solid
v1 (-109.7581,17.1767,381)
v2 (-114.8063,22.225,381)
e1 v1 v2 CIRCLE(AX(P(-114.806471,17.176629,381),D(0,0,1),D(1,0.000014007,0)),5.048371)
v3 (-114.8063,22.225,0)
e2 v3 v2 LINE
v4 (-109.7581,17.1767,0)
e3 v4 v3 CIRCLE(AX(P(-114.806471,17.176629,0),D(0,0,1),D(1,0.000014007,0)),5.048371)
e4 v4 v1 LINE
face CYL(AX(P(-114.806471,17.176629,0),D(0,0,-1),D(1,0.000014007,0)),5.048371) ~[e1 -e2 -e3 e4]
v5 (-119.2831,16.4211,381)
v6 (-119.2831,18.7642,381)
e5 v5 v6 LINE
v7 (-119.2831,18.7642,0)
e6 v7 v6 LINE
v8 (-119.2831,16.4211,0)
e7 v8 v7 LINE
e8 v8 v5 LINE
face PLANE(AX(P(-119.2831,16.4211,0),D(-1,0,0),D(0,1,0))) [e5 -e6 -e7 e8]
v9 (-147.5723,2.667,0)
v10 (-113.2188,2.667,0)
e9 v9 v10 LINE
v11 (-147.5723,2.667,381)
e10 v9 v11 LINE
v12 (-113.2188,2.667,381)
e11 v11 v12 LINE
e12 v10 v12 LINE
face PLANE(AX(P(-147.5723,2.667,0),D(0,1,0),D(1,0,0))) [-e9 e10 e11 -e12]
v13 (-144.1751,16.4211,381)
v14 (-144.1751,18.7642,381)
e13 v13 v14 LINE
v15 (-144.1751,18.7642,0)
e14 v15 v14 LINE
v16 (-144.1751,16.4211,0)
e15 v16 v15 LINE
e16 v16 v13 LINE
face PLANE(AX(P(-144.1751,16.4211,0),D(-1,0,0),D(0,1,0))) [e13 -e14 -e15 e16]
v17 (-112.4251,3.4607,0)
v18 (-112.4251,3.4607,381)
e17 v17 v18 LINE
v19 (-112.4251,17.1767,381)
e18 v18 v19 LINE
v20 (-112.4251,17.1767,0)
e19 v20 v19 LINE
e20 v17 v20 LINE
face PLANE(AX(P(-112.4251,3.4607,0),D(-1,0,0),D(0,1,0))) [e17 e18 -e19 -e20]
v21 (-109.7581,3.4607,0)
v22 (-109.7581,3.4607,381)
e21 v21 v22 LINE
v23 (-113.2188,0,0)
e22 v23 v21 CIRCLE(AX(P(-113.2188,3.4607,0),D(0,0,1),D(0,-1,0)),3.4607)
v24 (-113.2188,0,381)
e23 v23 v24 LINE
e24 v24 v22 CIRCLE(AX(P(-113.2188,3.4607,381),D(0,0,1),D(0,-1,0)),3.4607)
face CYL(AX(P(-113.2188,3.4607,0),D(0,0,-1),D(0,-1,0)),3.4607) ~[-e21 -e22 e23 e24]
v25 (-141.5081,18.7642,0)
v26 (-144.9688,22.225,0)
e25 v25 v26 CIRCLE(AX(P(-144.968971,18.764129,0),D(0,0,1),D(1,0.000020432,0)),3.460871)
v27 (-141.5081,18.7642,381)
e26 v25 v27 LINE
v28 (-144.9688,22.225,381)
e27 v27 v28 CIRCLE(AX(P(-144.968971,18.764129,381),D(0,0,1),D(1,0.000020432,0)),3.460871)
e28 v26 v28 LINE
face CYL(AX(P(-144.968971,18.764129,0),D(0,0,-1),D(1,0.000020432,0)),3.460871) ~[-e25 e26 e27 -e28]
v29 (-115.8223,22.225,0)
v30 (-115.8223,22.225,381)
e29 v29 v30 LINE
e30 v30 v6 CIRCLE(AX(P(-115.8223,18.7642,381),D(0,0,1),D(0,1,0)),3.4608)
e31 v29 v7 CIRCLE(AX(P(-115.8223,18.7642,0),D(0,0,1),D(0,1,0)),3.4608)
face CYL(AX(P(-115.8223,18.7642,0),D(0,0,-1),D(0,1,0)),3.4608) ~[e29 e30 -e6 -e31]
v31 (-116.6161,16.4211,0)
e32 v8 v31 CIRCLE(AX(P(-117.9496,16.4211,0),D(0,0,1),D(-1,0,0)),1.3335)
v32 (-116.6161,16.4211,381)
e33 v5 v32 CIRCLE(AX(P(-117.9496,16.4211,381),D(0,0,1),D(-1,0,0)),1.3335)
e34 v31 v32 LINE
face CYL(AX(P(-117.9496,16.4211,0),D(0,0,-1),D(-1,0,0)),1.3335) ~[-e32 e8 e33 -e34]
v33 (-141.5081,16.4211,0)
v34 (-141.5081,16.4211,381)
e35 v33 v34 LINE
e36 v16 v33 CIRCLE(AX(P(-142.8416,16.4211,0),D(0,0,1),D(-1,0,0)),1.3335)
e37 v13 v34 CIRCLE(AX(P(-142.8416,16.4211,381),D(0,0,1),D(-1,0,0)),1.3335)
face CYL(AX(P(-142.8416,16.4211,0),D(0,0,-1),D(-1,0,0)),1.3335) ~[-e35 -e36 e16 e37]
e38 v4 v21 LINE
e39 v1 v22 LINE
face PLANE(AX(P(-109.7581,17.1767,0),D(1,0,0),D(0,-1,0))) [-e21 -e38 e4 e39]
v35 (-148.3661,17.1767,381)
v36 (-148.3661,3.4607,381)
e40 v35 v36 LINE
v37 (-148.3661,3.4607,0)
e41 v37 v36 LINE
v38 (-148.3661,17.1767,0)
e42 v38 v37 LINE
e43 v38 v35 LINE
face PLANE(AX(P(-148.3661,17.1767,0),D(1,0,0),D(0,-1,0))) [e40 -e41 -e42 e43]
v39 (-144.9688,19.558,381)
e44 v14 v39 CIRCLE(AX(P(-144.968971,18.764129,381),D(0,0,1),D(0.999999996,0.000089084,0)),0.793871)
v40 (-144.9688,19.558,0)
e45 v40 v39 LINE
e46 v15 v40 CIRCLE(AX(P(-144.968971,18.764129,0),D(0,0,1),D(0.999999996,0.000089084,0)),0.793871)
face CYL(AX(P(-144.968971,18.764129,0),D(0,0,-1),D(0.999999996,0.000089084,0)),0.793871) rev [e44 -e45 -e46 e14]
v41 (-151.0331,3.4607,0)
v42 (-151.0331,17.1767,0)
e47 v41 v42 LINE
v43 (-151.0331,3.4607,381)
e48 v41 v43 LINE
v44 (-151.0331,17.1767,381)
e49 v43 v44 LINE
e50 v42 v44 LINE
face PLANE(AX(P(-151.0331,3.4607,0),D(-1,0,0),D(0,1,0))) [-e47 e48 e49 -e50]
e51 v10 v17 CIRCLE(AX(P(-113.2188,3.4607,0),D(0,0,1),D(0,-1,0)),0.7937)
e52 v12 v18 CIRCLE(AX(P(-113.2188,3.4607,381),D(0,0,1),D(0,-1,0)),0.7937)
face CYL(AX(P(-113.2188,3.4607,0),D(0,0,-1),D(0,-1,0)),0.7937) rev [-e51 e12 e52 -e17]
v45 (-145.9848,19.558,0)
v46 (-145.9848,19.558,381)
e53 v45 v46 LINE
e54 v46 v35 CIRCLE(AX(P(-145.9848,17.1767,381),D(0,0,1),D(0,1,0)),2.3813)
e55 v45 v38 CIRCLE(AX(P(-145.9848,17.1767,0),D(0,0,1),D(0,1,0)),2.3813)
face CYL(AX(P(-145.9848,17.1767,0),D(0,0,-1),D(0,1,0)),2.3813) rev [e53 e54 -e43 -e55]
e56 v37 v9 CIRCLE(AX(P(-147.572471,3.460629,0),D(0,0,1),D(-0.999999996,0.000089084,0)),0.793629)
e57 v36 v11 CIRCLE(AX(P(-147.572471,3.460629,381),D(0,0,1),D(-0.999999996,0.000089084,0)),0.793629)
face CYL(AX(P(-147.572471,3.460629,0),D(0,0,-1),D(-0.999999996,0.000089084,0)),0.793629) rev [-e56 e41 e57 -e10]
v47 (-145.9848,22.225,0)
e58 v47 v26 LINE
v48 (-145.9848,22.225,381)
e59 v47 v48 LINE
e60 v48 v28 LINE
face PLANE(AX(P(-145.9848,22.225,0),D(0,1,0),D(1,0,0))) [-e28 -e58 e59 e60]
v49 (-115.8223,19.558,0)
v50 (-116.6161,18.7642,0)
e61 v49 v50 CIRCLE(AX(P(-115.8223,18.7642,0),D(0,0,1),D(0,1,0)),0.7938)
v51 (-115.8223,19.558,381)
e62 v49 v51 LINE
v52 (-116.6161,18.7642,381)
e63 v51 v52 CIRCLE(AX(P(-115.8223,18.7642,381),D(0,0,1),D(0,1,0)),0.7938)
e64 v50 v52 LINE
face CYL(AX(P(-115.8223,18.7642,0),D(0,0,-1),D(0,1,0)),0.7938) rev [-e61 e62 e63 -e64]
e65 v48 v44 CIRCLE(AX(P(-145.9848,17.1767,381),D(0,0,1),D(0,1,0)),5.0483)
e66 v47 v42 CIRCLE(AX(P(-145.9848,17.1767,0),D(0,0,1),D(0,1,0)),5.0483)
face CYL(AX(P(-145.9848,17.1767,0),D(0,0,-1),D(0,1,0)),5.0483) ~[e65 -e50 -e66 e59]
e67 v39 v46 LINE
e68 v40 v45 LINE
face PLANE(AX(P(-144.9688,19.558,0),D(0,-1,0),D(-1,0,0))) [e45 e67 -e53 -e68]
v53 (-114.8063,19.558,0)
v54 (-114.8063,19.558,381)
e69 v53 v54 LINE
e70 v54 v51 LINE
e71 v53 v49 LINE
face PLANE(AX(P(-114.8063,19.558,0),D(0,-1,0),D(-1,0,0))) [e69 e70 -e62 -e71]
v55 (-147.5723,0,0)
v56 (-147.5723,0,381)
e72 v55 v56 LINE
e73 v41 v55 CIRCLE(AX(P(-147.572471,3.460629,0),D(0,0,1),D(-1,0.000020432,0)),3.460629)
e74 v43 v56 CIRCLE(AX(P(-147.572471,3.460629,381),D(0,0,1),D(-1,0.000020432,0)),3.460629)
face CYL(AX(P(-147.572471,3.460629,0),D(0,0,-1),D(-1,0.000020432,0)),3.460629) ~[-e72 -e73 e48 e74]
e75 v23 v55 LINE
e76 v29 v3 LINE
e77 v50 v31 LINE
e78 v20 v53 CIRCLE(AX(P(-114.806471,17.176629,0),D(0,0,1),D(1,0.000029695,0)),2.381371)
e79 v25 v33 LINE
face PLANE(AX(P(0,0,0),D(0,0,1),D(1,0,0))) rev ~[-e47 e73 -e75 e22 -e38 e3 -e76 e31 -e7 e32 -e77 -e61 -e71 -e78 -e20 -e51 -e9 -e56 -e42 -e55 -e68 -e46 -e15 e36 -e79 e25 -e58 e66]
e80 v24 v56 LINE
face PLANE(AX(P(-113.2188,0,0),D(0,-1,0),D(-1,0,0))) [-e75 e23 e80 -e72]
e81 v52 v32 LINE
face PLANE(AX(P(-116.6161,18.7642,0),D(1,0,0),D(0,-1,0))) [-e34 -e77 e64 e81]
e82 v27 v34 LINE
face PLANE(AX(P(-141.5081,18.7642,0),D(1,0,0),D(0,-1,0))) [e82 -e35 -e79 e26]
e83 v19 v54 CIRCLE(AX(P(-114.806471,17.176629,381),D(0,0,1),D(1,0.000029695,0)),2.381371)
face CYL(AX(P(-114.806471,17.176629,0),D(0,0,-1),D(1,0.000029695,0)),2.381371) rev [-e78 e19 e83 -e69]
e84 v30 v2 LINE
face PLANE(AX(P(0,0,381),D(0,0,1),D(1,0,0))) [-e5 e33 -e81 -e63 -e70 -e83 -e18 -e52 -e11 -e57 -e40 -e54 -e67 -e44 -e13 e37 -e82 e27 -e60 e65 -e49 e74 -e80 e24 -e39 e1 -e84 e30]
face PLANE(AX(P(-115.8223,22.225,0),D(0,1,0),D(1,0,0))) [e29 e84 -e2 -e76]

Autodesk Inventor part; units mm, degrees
ref_plane "YZ Plane" through (0, 0, 0) normal (1, 0, 0) x (0, 1, 0)
ref_plane "XZ Plane" through (0, 0, 0) normal (0, 1, 0) x (-1, 0, 0)
ref_plane "Work Plane1" through (0, 0, 0) normal (0, 0, 1) x (1, 0, 0)
sketch "Sketch1" plane through (0, 0, 0) normal (0, 0, 1) x (1, 0, 0)
  arc A0 (-113.2188, 0) -> (-109.7581, 3.4607) centre (-113.2188, 3.4607) ccw projected
  line L0 (-109.7581, 17.1767) -> (-109.7581, 3.4607) projected
  arc A1 (-109.7581, 17.1767) -> (-114.8063, 22.225) centre (-114.8063, 17.1767) ccw projected
  line L1 (-115.8223, 22.225) -> (-114.8063, 22.225) projected
  arc A2 (-115.8223, 22.225) -> (-119.2831, 18.7642) centre (-115.8223, 18.7642) ccw projected
  line L2 (-119.2831, 16.4211) -> (-119.2831, 18.7642) projected
  arc A3 (-119.2831, 16.4211) -> (-116.6161, 16.4211) centre (-117.9496, 16.4211) ccw projected
  line L3 (-116.6161, 18.7642) -> (-116.6161, 16.4211) projected
  arc A4 (-115.8223, 19.558) -> (-116.6161, 18.7642) centre (-115.8223, 18.7642) ccw projected
  line L4 (-114.8063, 19.558) -> (-115.8223, 19.558) projected
  arc A5 (-112.4251, 17.1767) -> (-114.8063, 19.558) centre (-114.8063, 17.1767) ccw projected
  line L5 (-112.4251, 3.4607) -> (-112.4251, 17.1767) projected
  arc A6 (-113.2188, 2.667) -> (-112.4251, 3.4607) centre (-113.2188, 3.4607) ccw projected
  line L6 (-147.5723, 2.667) -> (-113.2188, 2.667) projected
  arc A7 (-148.3661, 3.4607) -> (-147.5723, 2.667) centre (-147.5723, 3.4607) ccw projected
  line L7 (-148.3661, 17.1767) -> (-148.3661, 3.4607) projected
  arc A8 (-145.9848, 19.558) -> (-148.3661, 17.1767) centre (-145.9848, 17.1767) ccw projected
  line L8 (-144.9688, 19.558) -> (-145.9848, 19.558) projected
  arc A9 (-144.1751, 18.7642) -> (-144.9688, 19.558) centre (-144.9688, 18.7642) ccw projected
  line L9 (-144.1751, 16.4211) -> (-144.1751, 18.7642) projected
  arc A10 (-144.1751, 16.4211) -> (-141.5081, 16.4211) centre (-142.8416, 16.4211) ccw projected
  line L10 (-141.5081, 18.7642) -> (-141.5081, 16.4211) projected
  arc A11 (-141.5081, 18.7642) -> (-144.9688, 22.225) centre (-144.9688, 18.7642) ccw projected
  line L11 (-145.9848, 22.225) -> (-144.9688, 22.225) projected
  arc A12 (-145.9848, 22.225) -> (-151.0331, 17.1767) centre (-145.9848, 17.1767) ccw projected
  line L12 (-151.0331, 3.4607) -> (-151.0331, 17.1767) projected
  arc A13 (-151.0331, 3.4607) -> (-147.5723, 0) centre (-147.5723, 3.4607) ccw projected
  line L13 (-113.2188, 0) -> (-147.5723, 0) projected
  point P0 (0, 0)
extrude "Extrusion1" add sketch "Sketch1" along normal blind 381
ref_plane "Work Plane2" through (0, 0, 190.5) normal (0, 0, 1) x (1, 0, 0)
properties part number "Unistrut 15"
